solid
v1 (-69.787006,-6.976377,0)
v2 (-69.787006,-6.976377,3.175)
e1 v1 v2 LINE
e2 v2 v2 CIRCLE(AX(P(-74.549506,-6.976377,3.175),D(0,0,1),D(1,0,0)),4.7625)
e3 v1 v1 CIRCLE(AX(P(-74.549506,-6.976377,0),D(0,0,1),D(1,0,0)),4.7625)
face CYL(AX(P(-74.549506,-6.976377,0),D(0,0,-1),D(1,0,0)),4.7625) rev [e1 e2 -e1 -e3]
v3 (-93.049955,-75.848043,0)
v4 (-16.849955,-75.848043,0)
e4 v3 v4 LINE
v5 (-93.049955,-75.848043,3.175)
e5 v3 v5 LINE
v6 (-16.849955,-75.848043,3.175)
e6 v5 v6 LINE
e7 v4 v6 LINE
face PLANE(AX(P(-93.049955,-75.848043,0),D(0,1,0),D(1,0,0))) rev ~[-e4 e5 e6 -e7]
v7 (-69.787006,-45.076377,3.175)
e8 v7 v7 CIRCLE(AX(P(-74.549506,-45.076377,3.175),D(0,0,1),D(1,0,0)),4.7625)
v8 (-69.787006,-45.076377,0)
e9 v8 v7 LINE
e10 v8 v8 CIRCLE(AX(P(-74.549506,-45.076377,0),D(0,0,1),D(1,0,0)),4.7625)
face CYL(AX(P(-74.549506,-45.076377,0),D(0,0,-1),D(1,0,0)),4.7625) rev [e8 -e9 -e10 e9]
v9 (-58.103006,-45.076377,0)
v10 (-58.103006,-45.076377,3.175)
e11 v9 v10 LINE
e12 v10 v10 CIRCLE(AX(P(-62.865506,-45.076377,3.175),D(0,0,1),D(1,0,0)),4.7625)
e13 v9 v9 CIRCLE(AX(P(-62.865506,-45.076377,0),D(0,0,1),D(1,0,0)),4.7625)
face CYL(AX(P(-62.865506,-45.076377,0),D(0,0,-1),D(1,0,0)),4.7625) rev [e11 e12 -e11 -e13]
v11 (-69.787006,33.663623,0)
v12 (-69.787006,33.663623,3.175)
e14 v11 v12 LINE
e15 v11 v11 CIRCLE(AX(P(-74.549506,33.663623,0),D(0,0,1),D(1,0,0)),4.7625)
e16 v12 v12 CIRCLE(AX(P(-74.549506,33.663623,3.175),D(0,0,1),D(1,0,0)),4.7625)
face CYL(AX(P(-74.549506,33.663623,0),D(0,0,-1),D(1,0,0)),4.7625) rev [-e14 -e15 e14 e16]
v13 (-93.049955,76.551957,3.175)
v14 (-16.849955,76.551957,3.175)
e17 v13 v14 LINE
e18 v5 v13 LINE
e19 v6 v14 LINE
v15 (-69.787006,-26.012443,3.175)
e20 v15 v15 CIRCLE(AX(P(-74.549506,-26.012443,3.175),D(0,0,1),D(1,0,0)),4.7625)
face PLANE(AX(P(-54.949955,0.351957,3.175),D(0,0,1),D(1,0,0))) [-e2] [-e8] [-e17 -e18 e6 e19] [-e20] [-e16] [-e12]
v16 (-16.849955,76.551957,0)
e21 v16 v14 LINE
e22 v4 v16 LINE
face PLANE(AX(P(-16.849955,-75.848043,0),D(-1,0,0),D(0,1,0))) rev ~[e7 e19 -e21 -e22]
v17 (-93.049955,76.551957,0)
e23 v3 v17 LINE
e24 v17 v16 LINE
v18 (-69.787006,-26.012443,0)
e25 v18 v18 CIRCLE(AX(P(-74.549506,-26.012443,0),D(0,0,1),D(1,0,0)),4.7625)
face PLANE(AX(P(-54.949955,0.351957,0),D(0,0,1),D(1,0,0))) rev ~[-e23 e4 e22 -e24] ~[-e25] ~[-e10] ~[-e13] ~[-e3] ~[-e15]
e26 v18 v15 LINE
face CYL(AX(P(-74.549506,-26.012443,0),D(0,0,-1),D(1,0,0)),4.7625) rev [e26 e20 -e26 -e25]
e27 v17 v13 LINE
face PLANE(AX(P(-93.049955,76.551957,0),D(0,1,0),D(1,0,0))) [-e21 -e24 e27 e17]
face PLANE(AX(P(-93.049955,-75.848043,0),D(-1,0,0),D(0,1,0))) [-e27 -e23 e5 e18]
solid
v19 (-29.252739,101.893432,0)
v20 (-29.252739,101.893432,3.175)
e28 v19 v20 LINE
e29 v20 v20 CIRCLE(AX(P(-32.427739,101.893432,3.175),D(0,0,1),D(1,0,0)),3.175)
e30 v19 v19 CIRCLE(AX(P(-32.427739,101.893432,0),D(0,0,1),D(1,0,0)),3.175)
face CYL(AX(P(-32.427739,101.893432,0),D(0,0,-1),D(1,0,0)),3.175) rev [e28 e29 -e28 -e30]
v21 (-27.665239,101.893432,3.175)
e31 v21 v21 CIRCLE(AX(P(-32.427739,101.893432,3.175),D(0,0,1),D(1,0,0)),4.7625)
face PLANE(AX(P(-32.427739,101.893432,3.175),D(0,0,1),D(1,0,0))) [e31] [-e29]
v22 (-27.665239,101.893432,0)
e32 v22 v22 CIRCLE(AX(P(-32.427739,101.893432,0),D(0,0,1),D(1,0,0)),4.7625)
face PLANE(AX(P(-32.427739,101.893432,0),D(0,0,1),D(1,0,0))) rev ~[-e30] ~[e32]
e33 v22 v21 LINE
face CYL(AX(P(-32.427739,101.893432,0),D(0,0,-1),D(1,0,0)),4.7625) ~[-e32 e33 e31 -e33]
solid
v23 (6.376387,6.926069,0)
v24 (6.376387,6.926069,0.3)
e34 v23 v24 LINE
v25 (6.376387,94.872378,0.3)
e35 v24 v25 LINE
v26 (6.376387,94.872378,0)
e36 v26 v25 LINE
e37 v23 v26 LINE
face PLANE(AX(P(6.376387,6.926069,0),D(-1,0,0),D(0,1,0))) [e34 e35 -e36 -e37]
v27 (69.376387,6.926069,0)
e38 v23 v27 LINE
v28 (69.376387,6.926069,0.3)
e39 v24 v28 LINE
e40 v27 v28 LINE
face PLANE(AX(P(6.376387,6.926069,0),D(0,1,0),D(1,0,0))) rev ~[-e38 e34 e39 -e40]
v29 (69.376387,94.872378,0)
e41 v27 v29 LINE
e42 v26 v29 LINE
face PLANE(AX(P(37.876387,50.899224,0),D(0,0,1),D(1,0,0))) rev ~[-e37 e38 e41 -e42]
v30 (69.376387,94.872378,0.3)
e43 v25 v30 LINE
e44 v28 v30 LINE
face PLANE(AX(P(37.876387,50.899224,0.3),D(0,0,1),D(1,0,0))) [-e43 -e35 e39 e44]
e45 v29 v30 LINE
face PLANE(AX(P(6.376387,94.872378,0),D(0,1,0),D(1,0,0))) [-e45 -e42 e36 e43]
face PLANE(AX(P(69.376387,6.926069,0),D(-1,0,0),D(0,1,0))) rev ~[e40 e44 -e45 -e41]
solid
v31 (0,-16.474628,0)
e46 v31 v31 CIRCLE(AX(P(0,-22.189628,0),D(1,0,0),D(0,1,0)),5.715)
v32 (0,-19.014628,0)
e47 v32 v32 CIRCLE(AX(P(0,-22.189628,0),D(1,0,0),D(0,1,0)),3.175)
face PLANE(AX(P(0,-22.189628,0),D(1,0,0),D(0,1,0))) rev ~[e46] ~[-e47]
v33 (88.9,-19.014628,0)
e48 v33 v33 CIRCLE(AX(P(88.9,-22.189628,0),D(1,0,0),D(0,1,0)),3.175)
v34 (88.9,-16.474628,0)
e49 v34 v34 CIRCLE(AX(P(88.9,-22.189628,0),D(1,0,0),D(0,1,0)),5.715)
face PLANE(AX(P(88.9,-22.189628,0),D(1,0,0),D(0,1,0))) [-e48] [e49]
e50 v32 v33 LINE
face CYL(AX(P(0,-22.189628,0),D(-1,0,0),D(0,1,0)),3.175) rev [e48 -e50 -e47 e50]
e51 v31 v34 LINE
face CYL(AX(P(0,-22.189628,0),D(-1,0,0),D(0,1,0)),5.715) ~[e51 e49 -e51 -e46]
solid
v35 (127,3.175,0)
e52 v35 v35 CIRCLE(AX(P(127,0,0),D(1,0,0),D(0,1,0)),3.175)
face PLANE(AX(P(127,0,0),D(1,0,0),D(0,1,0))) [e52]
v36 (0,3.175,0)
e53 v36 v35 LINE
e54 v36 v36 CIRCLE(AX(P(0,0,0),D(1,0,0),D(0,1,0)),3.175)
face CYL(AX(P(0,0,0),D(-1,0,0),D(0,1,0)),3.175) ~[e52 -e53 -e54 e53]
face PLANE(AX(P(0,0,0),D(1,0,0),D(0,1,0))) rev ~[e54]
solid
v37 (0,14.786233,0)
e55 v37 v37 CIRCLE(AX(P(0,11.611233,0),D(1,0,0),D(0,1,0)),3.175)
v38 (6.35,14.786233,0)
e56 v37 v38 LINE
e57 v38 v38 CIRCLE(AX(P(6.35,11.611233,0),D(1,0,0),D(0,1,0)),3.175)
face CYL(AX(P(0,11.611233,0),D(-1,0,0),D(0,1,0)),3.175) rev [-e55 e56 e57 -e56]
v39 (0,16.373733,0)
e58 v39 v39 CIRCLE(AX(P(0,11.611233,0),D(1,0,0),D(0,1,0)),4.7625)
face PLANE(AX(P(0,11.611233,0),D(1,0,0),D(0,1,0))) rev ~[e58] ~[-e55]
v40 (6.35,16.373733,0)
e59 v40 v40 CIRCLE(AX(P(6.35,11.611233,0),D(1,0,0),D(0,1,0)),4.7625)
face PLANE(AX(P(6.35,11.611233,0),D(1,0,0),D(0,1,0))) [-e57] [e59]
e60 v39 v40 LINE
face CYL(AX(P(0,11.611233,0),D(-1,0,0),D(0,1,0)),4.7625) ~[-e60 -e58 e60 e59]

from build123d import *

# Parameters (mm, degrees)
F0_R     = 3.175
F1_DEPTH = 127
F0_R_2   = 5.715
F2_DEPTH = 88.9
F3_W     = 63
F3_H     = 87.946309
F4_DEPTH = 0.3
F0_R_3   = 4.7625
F5_DEPTH = 6.35
F6_W     = 76.2
F6_H     = 152.4
F6_R     = 4.7625
F7_DEPTH = 3.175
F8_R     = 4.7625
F8_R_2   = 3.175
F9_DEPTH = 3.175


with BuildPart() as f1:
    # F0 (on Right) → F1 (new body)
    with BuildSketch(Plane.YZ):
        Circle(F0_R)
    extrude(amount=F1_DEPTH)


with BuildPart() as f2:
    # F0 (on Right) → F2 (new body)
    with BuildSketch(Plane.YZ):
        with Locations((-22.189628, 0)):
            Circle(F0_R_2)
        with Locations((-22.189628, 0)):
            Circle(F0_R, mode=Mode.SUBTRACT)
    extrude(amount=F2_DEPTH)


with BuildPart() as f4:
    # F3 (on Top) → F4 (new body)
    with BuildSketch(Plane.XY):
        with Locations((37.876387, 50.899224)):
            Rectangle(F3_W, F3_H)
    extrude(amount=F4_DEPTH)


with BuildPart() as f5:
    # F0 (on Right) → F5 (new body)
    with BuildSketch(Plane.YZ):
        with Locations((11.611233, 0)):
            Circle(F0_R_3)
        with Locations((11.611233, 0)):
            Circle(F0_R, mode=Mode.SUBTRACT)
    extrude(amount=F5_DEPTH)


with BuildPart() as f7:
    # F6 (on Top) → F7 (new body)
    with BuildSketch(Plane.XY):
        with Locations((-54.949955, 0.351957)):
            Rectangle(F6_W, F6_H)
        with Locations((-74.549506, -45.076377)):
            Circle(F6_R, mode=Mode.SUBTRACT)
        with Locations((-62.865506, -45.076377)):
            Circle(F6_R, mode=Mode.SUBTRACT)
        with Locations((-74.549506, -26.012443)):
            Circle(F6_R, mode=Mode.SUBTRACT)
        with Locations((-74.549506, -6.976377)):
            Circle(F6_R, mode=Mode.SUBTRACT)
        with Locations((-74.549506, 33.663623)):
            Circle(F6_R, mode=Mode.SUBTRACT)
    extrude(amount=F7_DEPTH)


with BuildPart() as f9:
    # F8 (on Top) → F9 (new body)
    with BuildSketch(Plane.XY):
        with Locations((-32.427739, 101.893432)):
            Circle(F8_R)
        with Locations((-32.427739, 101.893432)):
            Circle(F8_R_2, mode=Mode.SUBTRACT)
    extrude(amount=F9_DEPTH)


solid = Compound([f1.part, f2.part, f4.part, f5.part, f7.part, f9.part])
